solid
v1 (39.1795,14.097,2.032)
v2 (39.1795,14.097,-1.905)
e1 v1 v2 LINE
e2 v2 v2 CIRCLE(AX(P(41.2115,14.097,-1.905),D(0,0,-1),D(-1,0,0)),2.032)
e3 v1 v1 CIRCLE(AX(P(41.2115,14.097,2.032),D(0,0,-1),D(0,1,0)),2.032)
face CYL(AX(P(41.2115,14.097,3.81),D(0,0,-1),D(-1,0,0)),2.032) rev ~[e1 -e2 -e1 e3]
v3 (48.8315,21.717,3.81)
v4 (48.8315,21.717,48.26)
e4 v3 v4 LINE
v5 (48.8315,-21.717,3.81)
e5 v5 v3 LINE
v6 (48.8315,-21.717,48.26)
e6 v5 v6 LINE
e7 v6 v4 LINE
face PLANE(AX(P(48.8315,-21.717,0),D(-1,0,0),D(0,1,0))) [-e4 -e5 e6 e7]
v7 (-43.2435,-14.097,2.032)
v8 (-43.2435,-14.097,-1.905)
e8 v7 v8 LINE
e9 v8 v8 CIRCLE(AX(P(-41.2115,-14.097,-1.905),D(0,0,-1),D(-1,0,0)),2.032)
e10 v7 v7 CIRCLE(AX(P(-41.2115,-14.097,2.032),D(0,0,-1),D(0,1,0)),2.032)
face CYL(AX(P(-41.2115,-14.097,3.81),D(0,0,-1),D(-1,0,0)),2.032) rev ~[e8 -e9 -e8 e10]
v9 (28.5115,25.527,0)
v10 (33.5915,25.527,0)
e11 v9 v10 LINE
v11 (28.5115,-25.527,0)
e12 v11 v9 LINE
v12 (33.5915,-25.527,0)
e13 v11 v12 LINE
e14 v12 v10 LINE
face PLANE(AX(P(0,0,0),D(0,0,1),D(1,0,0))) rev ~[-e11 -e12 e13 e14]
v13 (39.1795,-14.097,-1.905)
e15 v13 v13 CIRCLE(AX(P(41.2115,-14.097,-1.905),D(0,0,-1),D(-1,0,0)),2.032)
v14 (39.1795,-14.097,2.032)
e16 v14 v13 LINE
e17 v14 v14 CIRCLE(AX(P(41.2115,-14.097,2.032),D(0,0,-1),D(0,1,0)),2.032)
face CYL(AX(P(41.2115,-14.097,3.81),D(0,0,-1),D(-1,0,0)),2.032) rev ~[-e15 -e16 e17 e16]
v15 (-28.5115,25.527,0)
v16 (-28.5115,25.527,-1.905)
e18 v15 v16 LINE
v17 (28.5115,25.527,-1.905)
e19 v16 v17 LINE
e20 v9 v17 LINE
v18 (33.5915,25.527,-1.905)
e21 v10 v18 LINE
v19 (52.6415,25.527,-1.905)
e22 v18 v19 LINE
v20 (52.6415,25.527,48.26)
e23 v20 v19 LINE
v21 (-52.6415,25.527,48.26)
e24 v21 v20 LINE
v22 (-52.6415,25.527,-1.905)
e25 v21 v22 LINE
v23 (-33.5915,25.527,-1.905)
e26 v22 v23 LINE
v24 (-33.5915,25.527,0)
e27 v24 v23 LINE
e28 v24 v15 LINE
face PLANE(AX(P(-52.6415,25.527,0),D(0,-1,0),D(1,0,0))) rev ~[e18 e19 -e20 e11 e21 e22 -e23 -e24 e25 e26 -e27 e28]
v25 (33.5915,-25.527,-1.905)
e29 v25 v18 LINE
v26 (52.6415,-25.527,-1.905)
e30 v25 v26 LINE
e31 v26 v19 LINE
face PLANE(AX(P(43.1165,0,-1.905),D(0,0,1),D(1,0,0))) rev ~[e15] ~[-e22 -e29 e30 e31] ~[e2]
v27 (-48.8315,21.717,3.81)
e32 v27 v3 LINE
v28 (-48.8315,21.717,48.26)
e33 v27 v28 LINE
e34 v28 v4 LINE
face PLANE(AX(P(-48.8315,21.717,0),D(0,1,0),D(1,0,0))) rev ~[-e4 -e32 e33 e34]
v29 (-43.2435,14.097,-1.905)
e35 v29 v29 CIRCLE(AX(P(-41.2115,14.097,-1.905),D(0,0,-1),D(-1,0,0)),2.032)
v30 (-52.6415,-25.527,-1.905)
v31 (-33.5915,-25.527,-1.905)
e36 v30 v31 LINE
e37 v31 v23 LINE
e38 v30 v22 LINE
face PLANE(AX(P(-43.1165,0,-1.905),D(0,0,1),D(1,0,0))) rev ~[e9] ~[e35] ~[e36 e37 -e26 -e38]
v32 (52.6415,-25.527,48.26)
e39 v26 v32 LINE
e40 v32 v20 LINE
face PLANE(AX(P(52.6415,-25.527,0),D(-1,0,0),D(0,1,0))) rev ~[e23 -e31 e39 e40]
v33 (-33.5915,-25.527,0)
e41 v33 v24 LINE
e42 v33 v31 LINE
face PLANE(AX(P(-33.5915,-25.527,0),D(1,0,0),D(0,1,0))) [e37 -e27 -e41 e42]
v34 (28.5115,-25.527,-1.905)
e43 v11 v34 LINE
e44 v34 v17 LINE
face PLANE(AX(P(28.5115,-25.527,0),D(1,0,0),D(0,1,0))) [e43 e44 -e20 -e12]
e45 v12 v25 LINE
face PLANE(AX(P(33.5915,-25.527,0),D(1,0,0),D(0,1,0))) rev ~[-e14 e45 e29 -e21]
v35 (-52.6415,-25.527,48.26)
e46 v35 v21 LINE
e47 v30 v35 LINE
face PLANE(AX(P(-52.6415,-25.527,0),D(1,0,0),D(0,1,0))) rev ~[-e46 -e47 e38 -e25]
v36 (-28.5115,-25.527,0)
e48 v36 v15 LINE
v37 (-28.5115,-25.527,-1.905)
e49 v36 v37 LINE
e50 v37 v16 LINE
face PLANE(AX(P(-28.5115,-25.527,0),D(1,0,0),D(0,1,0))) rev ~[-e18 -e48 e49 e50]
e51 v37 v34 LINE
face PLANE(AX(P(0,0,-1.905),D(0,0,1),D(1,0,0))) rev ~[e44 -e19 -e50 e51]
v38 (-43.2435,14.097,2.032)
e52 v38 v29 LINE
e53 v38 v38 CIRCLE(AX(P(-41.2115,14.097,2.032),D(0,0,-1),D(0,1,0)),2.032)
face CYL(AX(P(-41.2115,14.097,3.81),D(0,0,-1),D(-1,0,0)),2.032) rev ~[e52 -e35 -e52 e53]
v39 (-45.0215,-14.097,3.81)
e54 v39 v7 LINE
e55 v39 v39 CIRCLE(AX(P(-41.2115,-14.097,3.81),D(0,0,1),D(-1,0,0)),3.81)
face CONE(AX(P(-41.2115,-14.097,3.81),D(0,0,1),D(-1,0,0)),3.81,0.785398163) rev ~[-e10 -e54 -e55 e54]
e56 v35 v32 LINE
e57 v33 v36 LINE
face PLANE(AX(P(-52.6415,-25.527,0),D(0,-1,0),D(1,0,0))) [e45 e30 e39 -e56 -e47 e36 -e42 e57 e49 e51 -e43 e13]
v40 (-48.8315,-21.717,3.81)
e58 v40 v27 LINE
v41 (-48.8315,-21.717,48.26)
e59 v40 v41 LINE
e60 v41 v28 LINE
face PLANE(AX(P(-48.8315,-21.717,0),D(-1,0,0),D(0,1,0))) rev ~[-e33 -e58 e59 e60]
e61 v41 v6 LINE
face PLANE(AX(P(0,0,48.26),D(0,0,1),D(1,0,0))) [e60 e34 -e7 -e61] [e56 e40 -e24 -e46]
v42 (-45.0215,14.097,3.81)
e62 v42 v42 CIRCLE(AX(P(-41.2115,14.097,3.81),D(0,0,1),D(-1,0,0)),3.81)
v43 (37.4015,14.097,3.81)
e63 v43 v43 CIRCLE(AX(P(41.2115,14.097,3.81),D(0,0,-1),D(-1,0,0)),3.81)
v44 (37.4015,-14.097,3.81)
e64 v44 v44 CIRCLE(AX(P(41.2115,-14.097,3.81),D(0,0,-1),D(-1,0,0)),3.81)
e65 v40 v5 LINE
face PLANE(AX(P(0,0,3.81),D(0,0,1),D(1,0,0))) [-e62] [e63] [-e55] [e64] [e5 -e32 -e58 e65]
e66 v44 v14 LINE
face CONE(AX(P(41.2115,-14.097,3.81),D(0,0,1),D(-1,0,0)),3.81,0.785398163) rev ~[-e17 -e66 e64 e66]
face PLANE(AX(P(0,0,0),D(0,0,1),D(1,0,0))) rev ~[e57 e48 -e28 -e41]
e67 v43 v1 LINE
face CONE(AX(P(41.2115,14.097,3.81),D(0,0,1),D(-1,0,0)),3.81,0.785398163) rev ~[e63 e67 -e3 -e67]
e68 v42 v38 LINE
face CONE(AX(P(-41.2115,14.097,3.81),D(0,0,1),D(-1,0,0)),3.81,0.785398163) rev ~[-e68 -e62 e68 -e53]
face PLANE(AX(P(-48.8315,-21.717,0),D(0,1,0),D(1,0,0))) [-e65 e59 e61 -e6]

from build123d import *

# Parameters (mm, degrees)
SKETCH001_W      = 97.663
SKETCH001_H      = 43.434
PAD_DEPTH        = 3.81
SKETCH_W         = 105.283
SKETCH_H         = 51.054
SKETCH_W_2       = 97.663
SKETCH_H_2       = 43.434
PAD001_DEPTH     = 48.26
SKETCH003_W      = 19.05
SKETCH003_H      = 51.054
SKETCH003_W_2    = 57.023
PAD002_DEPTH     = 1.905
HOLE_D           = 4.064
HOLE_DEPTH       = 24.9936
HOLE_CSINK_D     = 7.62
HOLE_CSINK_ANGLE = 90


with BuildPart() as part:
    # Sketch001 → Pad (new body)
    with BuildSketch(Plane.XY):
        Rectangle(SKETCH001_W, SKETCH001_H)
    extrude(amount=PAD_DEPTH)

    # Sketch → Pad001 (join)
    with BuildSketch(Plane.XY):
        Rectangle(SKETCH_W, SKETCH_H)
        Rectangle(SKETCH_W_2, SKETCH_H_2, mode=Mode.SUBTRACT)
    extrude(amount=PAD001_DEPTH)

    # Sketch003 → Pad002 (join)
    with BuildSketch(Plane.XY):
        with Locations((-43.1165, 0)):
            Rectangle(SKETCH003_W, SKETCH003_H)
        with Locations((43.1165, 0)):
            Rectangle(SKETCH003_W, SKETCH003_H)
        Rectangle(SKETCH003_W_2, SKETCH003_H)
    extrude(amount=-PAD002_DEPTH)

    # Hole
    with Locations(Plane.XY.offset(3.81)):
        with Locations((41.2115, 14.097), (41.2115, -14.097), (-41.2115, -14.097), (-41.2115, 14.097)):
            CounterSinkHole(HOLE_D / 2, HOLE_CSINK_D / 2, depth=HOLE_DEPTH, counter_sink_angle=HOLE_CSINK_ANGLE)


solid = part.part
